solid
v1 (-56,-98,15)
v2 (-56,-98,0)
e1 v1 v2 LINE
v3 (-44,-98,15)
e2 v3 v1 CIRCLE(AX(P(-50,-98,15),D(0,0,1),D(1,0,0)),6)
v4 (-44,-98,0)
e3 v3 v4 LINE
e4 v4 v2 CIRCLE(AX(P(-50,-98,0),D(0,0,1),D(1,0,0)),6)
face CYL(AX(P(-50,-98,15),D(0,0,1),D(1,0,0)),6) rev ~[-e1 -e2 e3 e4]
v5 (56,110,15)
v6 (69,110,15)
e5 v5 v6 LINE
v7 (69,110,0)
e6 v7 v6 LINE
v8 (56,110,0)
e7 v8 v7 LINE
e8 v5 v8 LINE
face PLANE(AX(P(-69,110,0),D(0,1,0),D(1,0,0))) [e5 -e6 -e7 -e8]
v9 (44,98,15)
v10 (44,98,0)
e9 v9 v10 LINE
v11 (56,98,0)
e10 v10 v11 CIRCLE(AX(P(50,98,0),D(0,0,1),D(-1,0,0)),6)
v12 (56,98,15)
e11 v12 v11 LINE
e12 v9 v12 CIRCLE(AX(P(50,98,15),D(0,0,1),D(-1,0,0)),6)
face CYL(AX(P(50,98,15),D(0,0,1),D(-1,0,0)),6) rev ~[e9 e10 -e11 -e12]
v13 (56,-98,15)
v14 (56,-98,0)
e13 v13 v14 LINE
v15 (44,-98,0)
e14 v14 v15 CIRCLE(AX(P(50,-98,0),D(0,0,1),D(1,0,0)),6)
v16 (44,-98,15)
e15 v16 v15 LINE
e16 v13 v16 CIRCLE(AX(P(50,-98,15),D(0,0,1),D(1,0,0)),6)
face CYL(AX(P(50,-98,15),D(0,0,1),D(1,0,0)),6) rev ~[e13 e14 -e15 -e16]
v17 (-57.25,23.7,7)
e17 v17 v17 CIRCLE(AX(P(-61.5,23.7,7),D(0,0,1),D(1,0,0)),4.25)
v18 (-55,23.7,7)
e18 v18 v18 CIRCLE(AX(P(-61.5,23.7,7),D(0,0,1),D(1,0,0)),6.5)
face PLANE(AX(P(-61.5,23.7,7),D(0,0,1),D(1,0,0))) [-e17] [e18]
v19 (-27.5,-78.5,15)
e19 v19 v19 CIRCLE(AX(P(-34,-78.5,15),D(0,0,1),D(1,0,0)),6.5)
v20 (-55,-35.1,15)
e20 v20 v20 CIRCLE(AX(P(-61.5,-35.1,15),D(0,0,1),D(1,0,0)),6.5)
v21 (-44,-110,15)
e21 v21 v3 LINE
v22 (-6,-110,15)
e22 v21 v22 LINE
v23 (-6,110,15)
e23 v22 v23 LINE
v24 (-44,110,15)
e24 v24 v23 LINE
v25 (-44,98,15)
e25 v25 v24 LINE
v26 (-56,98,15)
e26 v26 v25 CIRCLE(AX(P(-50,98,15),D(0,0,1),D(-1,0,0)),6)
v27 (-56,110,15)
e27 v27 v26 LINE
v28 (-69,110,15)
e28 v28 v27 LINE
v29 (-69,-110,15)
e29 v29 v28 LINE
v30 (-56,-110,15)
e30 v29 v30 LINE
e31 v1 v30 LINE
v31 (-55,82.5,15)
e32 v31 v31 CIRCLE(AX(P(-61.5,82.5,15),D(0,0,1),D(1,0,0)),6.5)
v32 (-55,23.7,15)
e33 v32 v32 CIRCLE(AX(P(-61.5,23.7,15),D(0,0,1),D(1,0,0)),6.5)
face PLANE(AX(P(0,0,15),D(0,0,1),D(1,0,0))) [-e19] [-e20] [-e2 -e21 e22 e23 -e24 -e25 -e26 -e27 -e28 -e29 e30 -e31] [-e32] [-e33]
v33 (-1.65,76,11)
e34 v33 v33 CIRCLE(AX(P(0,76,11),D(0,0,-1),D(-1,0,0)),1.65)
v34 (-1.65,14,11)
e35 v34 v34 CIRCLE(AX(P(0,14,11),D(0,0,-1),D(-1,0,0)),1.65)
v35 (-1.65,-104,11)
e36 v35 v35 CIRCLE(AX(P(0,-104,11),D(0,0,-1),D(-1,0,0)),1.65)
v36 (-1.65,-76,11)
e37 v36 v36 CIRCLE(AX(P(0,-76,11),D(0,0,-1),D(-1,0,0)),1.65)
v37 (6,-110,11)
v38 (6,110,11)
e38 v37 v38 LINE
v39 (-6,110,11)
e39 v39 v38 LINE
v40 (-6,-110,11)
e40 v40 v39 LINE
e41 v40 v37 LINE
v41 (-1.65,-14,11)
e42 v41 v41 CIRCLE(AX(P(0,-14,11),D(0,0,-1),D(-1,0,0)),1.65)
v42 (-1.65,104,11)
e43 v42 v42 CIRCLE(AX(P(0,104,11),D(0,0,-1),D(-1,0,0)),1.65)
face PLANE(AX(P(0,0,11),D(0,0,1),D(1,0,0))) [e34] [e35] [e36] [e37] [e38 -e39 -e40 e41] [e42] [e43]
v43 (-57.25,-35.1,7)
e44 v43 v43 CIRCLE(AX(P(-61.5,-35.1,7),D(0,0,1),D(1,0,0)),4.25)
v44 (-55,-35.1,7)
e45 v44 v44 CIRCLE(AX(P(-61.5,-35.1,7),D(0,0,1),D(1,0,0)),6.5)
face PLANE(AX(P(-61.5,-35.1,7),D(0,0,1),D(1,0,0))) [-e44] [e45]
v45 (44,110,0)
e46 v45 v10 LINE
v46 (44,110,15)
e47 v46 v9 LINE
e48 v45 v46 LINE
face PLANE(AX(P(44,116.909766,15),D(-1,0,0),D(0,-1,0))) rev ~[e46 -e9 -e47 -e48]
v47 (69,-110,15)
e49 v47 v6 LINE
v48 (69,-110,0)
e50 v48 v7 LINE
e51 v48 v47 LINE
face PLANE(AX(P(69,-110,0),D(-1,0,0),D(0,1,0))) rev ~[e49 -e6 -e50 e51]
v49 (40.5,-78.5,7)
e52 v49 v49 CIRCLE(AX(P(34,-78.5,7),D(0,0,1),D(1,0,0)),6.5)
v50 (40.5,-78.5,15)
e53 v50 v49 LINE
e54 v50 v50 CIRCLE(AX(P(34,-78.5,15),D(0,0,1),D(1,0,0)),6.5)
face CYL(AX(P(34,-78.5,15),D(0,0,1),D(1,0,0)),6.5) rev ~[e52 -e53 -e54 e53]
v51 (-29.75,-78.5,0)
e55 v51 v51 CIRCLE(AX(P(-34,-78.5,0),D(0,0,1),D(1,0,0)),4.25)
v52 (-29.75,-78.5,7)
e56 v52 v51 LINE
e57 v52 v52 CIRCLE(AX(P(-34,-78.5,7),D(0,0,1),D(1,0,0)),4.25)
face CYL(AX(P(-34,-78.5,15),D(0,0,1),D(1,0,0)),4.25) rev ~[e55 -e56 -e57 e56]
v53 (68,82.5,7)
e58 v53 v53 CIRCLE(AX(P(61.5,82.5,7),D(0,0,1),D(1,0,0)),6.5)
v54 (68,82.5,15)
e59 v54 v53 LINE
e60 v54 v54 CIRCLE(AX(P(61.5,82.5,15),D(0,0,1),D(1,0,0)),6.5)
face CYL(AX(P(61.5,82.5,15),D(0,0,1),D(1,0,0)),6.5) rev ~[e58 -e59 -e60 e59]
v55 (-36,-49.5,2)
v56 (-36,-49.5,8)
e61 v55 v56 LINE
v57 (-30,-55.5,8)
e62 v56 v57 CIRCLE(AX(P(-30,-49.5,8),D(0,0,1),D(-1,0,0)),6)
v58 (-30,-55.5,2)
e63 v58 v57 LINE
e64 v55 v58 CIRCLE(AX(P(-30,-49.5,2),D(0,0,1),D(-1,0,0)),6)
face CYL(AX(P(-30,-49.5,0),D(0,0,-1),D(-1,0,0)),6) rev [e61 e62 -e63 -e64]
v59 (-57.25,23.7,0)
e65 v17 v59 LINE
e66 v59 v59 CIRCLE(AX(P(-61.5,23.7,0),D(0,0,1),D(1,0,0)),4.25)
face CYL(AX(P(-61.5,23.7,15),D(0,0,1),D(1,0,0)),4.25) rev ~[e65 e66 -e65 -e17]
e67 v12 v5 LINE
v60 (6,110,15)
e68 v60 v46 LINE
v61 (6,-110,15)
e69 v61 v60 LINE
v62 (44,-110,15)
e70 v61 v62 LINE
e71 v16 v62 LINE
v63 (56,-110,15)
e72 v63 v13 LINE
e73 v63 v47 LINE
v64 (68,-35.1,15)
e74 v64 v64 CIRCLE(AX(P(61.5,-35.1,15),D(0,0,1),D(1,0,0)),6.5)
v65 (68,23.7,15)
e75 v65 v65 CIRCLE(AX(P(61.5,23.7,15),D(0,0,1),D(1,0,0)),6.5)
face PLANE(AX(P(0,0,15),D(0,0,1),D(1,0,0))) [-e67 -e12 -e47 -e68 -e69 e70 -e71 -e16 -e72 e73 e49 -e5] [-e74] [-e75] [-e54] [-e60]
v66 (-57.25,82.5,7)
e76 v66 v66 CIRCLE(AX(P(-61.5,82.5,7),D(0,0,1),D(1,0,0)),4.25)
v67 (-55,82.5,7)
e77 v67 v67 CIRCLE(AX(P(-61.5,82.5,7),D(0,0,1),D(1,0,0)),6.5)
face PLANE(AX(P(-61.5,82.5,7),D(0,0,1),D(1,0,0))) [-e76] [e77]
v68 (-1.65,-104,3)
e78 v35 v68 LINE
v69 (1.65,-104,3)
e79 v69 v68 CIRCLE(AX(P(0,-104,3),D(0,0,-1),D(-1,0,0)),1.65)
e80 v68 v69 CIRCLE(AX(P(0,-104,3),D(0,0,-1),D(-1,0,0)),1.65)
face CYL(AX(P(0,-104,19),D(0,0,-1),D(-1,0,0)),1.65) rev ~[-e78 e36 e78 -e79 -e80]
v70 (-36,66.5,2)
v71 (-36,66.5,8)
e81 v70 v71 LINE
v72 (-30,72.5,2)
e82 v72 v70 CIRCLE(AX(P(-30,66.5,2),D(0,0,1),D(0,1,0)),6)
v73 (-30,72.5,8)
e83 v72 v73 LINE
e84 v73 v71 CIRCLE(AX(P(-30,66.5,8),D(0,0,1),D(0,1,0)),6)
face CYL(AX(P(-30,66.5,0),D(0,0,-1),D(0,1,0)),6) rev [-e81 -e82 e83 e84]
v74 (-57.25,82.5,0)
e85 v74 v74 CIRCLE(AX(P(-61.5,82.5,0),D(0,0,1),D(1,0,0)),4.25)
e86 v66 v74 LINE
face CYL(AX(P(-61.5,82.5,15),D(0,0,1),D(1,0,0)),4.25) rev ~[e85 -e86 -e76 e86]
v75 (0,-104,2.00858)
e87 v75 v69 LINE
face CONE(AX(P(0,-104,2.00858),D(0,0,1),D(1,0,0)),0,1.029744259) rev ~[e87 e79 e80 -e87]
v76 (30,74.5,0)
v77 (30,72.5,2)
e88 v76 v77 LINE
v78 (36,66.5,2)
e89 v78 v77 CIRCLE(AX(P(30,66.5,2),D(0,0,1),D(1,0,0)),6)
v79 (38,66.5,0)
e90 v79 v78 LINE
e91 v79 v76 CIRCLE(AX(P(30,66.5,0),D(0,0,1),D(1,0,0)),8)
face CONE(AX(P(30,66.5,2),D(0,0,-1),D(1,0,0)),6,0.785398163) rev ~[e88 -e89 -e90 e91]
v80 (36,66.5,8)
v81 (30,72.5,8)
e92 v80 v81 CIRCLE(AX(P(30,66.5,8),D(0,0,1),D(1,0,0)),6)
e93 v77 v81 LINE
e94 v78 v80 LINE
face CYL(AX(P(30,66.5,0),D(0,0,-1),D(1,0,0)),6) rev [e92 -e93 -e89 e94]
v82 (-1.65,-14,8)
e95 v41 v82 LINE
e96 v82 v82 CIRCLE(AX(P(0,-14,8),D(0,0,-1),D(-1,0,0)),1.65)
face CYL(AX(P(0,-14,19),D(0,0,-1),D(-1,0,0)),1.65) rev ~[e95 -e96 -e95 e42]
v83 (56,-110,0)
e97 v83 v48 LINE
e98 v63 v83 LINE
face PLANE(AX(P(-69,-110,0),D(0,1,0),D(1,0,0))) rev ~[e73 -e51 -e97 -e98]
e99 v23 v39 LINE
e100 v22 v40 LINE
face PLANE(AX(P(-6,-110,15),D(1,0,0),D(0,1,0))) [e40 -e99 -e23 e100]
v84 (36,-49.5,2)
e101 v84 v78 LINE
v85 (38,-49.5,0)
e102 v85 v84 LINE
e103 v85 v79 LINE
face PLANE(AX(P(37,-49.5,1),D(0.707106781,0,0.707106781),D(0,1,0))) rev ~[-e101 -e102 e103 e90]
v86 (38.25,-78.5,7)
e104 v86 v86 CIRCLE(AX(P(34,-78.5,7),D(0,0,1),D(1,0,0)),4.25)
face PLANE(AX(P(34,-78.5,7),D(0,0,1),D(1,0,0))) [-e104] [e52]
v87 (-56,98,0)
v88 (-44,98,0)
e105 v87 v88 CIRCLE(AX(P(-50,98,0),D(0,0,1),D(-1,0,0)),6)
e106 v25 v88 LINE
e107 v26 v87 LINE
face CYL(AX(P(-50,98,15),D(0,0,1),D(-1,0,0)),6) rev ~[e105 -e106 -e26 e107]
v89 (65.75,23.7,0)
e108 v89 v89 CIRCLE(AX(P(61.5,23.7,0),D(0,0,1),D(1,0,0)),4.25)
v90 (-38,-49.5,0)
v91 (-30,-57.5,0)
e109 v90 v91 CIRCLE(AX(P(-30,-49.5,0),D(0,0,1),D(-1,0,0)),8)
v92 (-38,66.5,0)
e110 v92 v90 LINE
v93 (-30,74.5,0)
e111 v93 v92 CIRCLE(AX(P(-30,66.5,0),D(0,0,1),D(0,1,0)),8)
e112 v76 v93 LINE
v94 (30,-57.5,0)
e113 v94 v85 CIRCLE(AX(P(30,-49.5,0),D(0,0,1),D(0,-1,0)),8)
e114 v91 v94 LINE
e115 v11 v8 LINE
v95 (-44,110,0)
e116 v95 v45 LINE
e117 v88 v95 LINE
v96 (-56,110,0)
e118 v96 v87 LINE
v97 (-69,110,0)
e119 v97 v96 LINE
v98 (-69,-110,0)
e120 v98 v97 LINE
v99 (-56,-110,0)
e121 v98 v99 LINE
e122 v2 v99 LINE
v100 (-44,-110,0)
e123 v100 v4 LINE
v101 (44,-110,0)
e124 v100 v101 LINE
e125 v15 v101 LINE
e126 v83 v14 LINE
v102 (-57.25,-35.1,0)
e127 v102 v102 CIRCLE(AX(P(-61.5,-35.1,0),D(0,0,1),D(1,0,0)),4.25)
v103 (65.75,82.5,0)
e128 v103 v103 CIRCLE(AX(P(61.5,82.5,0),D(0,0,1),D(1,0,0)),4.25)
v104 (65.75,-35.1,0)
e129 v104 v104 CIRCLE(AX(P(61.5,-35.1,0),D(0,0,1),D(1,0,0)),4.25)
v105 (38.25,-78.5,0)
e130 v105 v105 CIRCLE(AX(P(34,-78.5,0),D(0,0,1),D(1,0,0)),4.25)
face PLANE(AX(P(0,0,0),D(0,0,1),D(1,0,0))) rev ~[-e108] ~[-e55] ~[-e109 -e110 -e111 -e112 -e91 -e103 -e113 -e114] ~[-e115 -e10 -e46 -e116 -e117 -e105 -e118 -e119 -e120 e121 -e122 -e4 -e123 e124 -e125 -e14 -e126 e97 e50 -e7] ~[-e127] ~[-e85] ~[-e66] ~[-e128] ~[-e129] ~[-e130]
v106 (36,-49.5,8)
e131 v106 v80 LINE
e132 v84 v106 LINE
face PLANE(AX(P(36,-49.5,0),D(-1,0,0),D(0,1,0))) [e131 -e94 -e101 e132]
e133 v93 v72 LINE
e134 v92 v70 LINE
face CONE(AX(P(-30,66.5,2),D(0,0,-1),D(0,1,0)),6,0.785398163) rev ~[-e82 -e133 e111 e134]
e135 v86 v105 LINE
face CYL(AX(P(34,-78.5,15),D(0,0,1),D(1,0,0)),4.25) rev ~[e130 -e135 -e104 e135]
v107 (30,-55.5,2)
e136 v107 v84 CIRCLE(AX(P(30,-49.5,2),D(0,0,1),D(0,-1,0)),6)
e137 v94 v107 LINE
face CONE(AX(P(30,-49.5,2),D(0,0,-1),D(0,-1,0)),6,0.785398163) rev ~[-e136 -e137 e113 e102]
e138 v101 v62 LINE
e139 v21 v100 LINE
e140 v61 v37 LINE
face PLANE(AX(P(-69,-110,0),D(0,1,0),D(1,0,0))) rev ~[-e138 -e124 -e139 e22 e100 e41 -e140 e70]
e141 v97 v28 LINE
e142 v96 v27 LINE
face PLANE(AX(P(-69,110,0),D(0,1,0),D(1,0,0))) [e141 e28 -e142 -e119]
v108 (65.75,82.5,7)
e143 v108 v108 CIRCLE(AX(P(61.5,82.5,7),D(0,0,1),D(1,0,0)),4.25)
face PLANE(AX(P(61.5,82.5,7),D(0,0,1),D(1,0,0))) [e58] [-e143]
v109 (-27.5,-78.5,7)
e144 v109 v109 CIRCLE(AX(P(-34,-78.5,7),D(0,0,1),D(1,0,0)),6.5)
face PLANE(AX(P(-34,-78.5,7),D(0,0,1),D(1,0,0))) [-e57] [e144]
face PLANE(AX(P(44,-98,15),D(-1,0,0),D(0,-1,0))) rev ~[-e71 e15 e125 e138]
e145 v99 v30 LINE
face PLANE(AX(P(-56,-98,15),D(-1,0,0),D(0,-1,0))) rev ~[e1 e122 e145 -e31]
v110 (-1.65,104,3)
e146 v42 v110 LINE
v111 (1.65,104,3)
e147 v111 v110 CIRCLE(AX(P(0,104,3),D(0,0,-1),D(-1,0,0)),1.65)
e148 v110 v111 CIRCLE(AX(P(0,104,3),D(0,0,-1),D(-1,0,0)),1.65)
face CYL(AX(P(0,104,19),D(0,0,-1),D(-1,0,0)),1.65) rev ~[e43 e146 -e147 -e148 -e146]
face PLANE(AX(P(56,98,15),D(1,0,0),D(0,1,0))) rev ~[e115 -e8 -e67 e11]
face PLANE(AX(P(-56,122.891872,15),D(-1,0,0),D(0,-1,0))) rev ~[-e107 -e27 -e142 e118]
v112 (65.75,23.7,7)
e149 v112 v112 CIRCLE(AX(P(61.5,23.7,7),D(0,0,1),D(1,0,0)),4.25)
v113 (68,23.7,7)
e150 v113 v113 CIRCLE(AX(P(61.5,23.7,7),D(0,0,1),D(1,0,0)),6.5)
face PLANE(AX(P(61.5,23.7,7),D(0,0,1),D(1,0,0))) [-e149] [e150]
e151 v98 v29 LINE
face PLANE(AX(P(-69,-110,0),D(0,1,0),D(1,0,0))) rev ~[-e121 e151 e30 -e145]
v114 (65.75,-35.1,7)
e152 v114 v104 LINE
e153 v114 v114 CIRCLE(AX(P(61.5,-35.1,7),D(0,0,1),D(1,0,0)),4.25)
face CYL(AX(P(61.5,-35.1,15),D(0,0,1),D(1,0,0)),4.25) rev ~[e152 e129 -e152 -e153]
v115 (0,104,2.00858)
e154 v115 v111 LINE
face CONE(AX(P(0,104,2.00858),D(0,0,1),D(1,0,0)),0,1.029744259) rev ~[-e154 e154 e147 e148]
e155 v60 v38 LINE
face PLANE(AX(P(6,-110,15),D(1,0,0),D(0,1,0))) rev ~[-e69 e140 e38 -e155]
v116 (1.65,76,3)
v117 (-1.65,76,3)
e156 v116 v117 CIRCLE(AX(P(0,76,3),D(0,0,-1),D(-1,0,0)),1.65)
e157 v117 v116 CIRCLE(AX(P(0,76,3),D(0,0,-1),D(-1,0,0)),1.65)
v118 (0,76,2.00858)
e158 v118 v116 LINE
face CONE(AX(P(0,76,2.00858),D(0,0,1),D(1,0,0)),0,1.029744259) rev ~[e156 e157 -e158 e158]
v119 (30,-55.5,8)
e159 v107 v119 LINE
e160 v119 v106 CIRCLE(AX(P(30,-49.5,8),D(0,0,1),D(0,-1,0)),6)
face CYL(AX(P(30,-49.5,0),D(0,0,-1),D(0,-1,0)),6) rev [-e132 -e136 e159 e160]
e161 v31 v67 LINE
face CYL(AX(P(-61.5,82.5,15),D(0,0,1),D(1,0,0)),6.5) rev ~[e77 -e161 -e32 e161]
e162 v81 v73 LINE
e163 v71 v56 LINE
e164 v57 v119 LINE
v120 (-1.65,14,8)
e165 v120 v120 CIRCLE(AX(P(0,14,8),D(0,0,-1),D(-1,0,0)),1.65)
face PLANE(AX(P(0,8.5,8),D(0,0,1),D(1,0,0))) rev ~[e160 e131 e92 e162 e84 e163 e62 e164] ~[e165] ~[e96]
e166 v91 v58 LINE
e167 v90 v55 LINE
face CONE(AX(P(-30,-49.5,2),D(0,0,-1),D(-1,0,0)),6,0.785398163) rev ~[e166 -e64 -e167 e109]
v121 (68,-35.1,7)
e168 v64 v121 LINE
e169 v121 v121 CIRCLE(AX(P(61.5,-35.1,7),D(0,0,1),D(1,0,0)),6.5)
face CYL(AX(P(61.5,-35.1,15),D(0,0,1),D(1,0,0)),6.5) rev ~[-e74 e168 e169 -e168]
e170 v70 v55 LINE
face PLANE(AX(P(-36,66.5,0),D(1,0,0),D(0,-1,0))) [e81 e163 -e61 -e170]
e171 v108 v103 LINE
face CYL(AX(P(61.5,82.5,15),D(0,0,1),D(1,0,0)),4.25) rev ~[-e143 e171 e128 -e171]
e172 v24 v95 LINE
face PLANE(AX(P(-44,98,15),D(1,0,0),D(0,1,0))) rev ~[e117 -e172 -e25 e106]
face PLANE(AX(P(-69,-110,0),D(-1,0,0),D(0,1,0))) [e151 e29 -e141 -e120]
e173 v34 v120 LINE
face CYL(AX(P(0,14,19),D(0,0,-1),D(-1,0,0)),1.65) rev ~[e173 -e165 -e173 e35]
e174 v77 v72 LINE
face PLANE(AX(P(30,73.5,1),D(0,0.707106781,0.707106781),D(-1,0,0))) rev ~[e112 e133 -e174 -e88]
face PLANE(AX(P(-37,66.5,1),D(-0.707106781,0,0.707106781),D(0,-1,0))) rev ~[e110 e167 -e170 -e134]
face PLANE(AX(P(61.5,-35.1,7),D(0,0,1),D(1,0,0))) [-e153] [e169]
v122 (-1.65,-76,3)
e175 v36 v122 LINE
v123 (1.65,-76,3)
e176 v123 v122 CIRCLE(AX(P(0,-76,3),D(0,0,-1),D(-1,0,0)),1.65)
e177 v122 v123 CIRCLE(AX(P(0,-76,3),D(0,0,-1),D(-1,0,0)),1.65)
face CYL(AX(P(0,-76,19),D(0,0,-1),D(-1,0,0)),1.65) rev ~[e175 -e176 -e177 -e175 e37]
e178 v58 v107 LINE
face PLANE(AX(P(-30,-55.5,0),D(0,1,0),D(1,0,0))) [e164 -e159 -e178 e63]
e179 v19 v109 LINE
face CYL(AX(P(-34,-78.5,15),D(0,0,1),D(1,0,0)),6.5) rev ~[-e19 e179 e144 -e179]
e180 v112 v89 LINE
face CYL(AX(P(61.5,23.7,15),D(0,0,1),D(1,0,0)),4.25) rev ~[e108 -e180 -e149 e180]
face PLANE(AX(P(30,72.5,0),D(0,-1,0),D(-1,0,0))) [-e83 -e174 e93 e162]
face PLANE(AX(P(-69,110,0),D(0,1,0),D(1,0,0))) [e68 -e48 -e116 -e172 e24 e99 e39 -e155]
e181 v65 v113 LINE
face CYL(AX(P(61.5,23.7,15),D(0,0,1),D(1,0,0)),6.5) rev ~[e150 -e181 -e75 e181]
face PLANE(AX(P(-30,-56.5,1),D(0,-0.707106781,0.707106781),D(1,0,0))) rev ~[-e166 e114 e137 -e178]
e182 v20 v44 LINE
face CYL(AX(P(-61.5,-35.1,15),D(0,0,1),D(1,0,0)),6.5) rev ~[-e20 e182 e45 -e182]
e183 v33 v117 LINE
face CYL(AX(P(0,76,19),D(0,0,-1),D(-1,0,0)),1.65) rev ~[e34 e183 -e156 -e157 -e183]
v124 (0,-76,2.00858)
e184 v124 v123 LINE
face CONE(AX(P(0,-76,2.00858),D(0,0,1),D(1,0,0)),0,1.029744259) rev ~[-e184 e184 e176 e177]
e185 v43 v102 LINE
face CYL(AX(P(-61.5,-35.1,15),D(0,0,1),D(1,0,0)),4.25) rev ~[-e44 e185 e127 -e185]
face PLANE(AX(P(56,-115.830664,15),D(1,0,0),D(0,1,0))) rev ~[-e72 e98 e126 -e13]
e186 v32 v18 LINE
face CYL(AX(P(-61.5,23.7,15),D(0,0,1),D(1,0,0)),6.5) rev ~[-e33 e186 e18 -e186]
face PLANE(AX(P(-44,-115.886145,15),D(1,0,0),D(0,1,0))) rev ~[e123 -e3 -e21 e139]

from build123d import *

# Parameters (mm, degrees)
CROQUIS1_W                = 138
CROQUIS1_H                = 220
SALIENTE_EXTRUIR1_DEPTH   = 15
CORTAR_EXTRUIR1_DEPTH     = 76.5
CROQUIS3_R                = 4.25
CORTAR_EXTRUIR2_DEPTH     = 76.5
CROQUIS4_R                = 6.5
CORTAR_EXTRUIR3_DEPTH     = 8
CROQUIS5_W                = 12
CROQUIS5_H                = 220
CORTAR_EXTRUIR4_DEPTH     = 4
TALADRO_ROSCADO_M41_D     = 3.3
TALADRO_ROSCADO_M41_DEPTH = 8
TALADRO_ROSCADO_M41_TIP   = 0.991420021
CORTAR_EXTRUIR5_DEPTH     = 8
CHAFL_N1_SIZE             = 2


with BuildPart() as part:
    # Croquis1 → Saliente-Extruir1 (new body)
    with BuildSketch(Plane.XY):
        Rectangle(CROQUIS1_W, CROQUIS1_H)
    extrude(amount=SALIENTE_EXTRUIR1_DEPTH)

    # Croquis2 → Cortar-Extruir1 (cut)
    with BuildSketch(Plane.XY.offset(15)):
        with BuildLine():
            Line((-56, 122.891872251), (-56, 98))
            ThreePointArc((-56, 98), (-50, 92), (-44, 98))
            Line((-44, 98), (-44, 122.891872251))
            Line((-44, 122.891872251), (-56, 122.891872251))
        make_face()
        with BuildLine():
            Line((44, 116.909766475), (44, 98))
            ThreePointArc((44, 98), (50, 92), (56, 98))
            Line((56, 98), (56, 116.909766475))
            Line((56, 116.909766475), (44, 116.909766475))
        make_face()
        with BuildLine():
            Line((44, -98), (44, -115.830663504))
            Line((44, -115.830663504), (56, -115.830663504))
            Line((56, -115.830663504), (56, -98))
            ThreePointArc((56, -98), (50, -92), (44, -98))
        make_face()
        with BuildLine():
            Line((-56, -98), (-56, -115.886145335))
            Line((-56, -115.886145335), (-44, -115.886145335))
            Line((-44, -115.886145335), (-44, -98))
            ThreePointArc((-44, -98), (-50, -92), (-56, -98))
        make_face()
    extrude(amount=-CORTAR_EXTRUIR1_DEPTH, mode=Mode.SUBTRACT)

    # Croquis3 → Cortar-Extruir2 (cut)
    with BuildSketch(Plane.XY.offset(15)):
        with Locations((-61.5, 82.5)):
            Circle(CROQUIS3_R)
        with Locations((-61.5, 23.7)):
            Circle(CROQUIS3_R)
        with Locations((-61.5, -35.1)):
            Circle(CROQUIS3_R)
        with Locations((-34, -78.5)):
            Circle(CROQUIS3_R)
        with Locations((34, -78.5)):
            Circle(CROQUIS3_R)
        with Locations((61.5, -35.1)):
            Circle(CROQUIS3_R)
        with Locations((61.5, 23.7)):
            Circle(CROQUIS3_R)
        with Locations((61.5, 82.5)):
            Circle(CROQUIS3_R)
    extrude(amount=-CORTAR_EXTRUIR2_DEPTH, mode=Mode.SUBTRACT)

    # Croquis4 → Cortar-Extruir3 (cut)
    with BuildSketch(Plane.XY.offset(15)):
        with Locations((-61.5, 82.5)):
            Circle(CROQUIS4_R)
        with Locations((-61.5, 23.7)):
            Circle(CROQUIS4_R)
        with Locations((-61.5, -35.1)):
            Circle(CROQUIS4_R)
        with Locations((-34, -78.5)):
            Circle(CROQUIS4_R)
        with Locations((61.5, -35.1)):
            Circle(CROQUIS4_R)
        with Locations((61.5, 23.7)):
            Circle(CROQUIS4_R)
        with Locations((61.5, 82.5)):
            Circle(CROQUIS4_R)
        with Locations((34, -78.5)):
            Circle(CROQUIS4_R)
    extrude(amount=-CORTAR_EXTRUIR3_DEPTH, mode=Mode.SUBTRACT)

    # Croquis5 → Cortar-Extruir4 (cut)
    with BuildSketch(Plane.XY.offset(15)):
        Rectangle(CROQUIS5_W, CROQUIS5_H)
    extrude(amount=-CORTAR_EXTRUIR4_DEPTH, mode=Mode.SUBTRACT)

    # Taladro roscado M41
    with Locations(Plane.XY.offset(11)):
        with Locations((0, 104), (0, 76), (0, 14), (0, -14), (0, -76), (0, -104)):
            Hole(TALADRO_ROSCADO_M41_D / 2, depth=TALADRO_ROSCADO_M41_DEPTH)
            with Locations((0, 0, -(TALADRO_ROSCADO_M41_DEPTH + TALADRO_ROSCADO_M41_TIP / 2))):  # 118° drill point
                Cone(0, TALADRO_ROSCADO_M41_D / 2, TALADRO_ROSCADO_M41_TIP, mode=Mode.SUBTRACT)

    # Croquis8 → Cortar-Extruir5 (cut)
    with BuildSketch(Plane(origin=(0, 0, 0), x_dir=(-1, 0, 0), z_dir=(0, 0, -1))):
        with BuildLine():
            Line((30, -55.5), (-30, -55.5))
            ThreePointArc((-30, -55.5), (-34.242640687, -53.742640687), (-36, -49.5))
            Line((-36, -49.5), (-36, 66.5))
            ThreePointArc((-36, 66.5), (-34.242640687, 70.742640687), (-30, 72.5))
            Line((-30, 72.5), (30, 72.5))
            ThreePointArc((30, 72.5), (34.242640687, 70.742640687), (36, 66.5))
            Line((36, 66.5), (36, -49.5))
            ThreePointArc((36, -49.5), (34.242640687, -53.742640687), (30, -55.5))
        make_face()
    extrude(amount=-CORTAR_EXTRUIR5_DEPTH, mode=Mode.SUBTRACT)

    # Chaflán1
    chafl_n1_edges = [part.edges().sort_by_distance(p)[0] for p in [
        (34.242640687, 70.742640687, 0),
        (36, 8.5, 0),
        (34.242640687, -53.742640687, 0),
        (0, -55.5, 0),
        (-34.242640687, -53.742640687, 0),
        (-36, 8.5, 0),
        (-34.242640687, 70.742640687, 0),
        (0, 72.5, 0),
    ]]
    chamfer(chafl_n1_edges, length=CHAFL_N1_SIZE)


solid = part.part
